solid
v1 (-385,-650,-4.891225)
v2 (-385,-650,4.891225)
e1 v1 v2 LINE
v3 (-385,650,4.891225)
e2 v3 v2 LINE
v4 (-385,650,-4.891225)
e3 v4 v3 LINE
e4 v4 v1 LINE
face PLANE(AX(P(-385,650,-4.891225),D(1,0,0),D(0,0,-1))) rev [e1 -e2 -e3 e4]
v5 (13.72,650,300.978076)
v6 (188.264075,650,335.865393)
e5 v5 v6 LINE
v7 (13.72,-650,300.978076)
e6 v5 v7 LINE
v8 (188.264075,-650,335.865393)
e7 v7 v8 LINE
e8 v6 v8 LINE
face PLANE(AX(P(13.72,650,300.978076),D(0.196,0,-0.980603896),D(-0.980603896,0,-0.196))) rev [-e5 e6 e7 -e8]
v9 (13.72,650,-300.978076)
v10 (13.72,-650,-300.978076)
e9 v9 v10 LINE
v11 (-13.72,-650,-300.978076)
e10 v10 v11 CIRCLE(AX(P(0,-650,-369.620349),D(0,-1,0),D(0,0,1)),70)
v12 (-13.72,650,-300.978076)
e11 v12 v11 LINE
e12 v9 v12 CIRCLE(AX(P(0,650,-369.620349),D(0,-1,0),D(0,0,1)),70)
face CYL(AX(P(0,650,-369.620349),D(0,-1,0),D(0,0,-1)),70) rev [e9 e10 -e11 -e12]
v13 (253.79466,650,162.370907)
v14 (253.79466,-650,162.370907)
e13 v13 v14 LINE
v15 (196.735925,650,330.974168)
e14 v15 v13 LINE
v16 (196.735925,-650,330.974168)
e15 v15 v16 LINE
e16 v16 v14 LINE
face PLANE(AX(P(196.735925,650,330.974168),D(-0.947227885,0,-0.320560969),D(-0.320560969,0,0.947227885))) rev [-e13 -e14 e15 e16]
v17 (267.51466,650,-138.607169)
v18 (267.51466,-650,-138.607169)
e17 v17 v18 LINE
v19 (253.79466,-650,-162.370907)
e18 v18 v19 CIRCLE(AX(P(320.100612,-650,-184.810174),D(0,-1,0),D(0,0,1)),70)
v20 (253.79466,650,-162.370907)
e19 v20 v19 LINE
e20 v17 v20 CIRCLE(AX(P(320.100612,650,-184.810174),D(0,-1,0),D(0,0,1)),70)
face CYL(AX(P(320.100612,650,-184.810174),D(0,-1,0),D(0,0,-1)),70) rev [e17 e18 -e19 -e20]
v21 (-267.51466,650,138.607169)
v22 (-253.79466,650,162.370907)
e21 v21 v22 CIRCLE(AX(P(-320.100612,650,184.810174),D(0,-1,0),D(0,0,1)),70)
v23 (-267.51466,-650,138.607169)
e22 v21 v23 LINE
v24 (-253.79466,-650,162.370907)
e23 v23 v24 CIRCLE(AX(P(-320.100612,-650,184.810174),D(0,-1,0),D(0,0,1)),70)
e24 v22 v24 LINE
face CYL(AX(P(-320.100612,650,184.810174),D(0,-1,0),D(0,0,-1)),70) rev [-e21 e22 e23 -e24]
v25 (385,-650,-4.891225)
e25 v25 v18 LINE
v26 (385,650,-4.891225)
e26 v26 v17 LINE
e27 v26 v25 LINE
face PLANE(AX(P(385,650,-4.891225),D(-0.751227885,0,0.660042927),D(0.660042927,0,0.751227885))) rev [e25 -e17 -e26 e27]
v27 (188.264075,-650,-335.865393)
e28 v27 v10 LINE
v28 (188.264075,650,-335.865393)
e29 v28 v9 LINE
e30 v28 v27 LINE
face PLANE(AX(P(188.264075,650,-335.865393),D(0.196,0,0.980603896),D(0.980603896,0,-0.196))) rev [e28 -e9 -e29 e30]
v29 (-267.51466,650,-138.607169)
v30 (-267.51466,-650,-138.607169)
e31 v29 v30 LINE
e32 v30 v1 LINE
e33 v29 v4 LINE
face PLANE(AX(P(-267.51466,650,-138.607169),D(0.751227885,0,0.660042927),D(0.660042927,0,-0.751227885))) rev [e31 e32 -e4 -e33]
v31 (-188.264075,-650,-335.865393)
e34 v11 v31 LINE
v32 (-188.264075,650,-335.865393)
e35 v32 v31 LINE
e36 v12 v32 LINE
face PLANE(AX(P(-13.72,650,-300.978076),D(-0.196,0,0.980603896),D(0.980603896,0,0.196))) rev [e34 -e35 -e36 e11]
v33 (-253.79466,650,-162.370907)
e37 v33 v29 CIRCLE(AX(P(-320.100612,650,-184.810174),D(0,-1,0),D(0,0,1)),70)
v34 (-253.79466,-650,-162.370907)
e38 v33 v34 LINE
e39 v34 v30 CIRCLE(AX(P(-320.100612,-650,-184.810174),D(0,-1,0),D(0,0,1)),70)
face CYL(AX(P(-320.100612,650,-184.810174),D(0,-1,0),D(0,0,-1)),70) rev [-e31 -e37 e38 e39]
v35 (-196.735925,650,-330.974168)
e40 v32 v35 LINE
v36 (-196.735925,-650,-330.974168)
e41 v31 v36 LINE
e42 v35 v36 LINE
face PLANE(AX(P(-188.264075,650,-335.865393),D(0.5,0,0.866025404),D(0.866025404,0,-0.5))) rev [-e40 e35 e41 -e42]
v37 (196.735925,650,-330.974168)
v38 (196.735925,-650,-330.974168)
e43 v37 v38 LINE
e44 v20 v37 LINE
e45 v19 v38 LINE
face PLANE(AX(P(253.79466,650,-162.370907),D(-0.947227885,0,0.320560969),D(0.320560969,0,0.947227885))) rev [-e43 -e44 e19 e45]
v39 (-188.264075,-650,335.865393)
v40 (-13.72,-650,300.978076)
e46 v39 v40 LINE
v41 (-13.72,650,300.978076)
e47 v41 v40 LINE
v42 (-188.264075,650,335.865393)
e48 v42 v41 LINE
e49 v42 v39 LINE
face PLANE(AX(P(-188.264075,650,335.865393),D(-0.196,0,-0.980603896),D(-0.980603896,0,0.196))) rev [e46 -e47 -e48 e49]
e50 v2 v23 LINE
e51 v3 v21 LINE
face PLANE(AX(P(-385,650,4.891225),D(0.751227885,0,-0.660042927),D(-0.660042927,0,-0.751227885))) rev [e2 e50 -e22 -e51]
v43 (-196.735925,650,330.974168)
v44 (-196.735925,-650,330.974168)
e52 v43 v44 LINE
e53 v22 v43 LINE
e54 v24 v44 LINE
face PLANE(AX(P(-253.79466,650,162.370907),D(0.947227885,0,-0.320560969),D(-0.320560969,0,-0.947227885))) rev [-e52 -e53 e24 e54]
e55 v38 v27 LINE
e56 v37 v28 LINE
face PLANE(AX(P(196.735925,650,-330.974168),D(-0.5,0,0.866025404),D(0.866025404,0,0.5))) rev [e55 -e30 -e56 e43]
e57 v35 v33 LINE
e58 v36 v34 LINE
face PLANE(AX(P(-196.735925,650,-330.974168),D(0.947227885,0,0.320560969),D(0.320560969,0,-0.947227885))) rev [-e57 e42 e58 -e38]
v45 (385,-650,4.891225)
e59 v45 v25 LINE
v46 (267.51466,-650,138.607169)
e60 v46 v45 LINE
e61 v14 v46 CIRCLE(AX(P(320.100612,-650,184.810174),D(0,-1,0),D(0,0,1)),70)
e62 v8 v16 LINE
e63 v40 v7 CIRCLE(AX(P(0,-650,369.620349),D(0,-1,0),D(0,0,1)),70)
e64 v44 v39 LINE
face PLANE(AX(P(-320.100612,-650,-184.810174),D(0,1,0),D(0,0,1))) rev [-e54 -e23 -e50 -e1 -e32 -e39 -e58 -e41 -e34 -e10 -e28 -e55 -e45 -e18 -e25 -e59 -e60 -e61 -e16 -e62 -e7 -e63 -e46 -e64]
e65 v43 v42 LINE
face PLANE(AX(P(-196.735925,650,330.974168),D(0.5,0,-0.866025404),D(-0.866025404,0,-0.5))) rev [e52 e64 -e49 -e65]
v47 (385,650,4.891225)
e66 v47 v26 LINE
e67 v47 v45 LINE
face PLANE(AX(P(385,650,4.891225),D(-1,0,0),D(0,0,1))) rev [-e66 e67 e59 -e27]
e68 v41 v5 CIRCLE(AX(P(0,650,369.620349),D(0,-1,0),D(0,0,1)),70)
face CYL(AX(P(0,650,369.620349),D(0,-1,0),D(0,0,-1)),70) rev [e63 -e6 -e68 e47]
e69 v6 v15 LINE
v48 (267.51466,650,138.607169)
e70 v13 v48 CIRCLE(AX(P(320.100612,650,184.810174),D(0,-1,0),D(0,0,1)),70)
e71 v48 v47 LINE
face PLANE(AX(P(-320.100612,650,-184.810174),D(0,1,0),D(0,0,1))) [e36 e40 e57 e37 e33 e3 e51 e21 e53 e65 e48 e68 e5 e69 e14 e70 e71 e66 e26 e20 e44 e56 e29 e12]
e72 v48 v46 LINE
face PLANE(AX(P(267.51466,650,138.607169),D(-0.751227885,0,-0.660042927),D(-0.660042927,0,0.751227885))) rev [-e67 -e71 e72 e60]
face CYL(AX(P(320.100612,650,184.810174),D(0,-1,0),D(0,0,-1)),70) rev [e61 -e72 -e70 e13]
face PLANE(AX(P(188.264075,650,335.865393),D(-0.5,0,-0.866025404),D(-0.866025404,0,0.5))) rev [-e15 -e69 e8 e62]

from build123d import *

# Parameters (mm, degrees)
EXTRUDE_1_DEPTH = 650


with BuildPart() as part:
    # 草图5 → 凸台-拉伸1 (new body, symmetric)
    with BuildSketch(Plane(origin=(0, 0, 0), x_dir=(1, 0, 0), z_dir=(0, 1, 0))):
        with BuildLine():
            Line((-267.514659832, 138.60716948), (-385, 4.891224703))
            Line((-385, 4.891224703), (-385, -4.891224703))
            Line((-385, -4.891224703), (-267.514659832, -138.60716948))
            ThreePointArc((-267.514659832, -138.60716948), (-259.47883349, -149.810174364), (-253.794659832, -162.37090656))
            Line((-253.794659832, -162.37090656), (-196.735924848, -330.974168106))
            Line((-196.735924848, -330.974168106), (-188.264075152, -335.865392808))
            Line((-188.264075152, -335.865392808), (-13.72, -300.978076039))
            ThreePointArc((-13.72, -300.978076039), (0, -299.620348729), (13.72, -300.978076039))
            Line((13.72, -300.978076039), (188.264075152, -335.865392808))
            Line((188.264075152, -335.865392808), (196.735924848, -330.974168106))
            Line((196.735924848, -330.974168106), (253.794659832, -162.37090656))
            ThreePointArc((253.794659832, -162.37090656), (259.47883349, -149.810174364), (267.514659832, -138.60716948))
            Line((267.514659832, -138.60716948), (385, -4.891224703))
            Line((385, -4.891224703), (385, 4.891224703))
            Line((385, 4.891224703), (267.514659832, 138.60716948))
            ThreePointArc((267.514659832, 138.60716948), (259.47883349, 149.810174364), (253.794659832, 162.37090656))
            Line((253.794659832, 162.37090656), (196.735924848, 330.974168106))
            Line((196.735924848, 330.974168106), (188.264075152, 335.865392808))
            Line((188.264075152, 335.865392808), (13.72, 300.978076039))
            ThreePointArc((13.72, 300.978076039), (0, 299.620348729), (-13.72, 300.978076039))
            Line((-13.72, 300.978076039), (-188.264075152, 335.865392808))
            Line((-188.264075152, 335.865392808), (-196.735924848, 330.974168106))
            Line((-196.735924848, 330.974168106), (-253.794659832, 162.37090656))
            ThreePointArc((-253.794659832, 162.37090656), (-259.47883349, 149.810174364), (-267.514659832, 138.60716948))
        make_face()
    extrude(amount=EXTRUDE_1_DEPTH, both=True)


solid = part.part
